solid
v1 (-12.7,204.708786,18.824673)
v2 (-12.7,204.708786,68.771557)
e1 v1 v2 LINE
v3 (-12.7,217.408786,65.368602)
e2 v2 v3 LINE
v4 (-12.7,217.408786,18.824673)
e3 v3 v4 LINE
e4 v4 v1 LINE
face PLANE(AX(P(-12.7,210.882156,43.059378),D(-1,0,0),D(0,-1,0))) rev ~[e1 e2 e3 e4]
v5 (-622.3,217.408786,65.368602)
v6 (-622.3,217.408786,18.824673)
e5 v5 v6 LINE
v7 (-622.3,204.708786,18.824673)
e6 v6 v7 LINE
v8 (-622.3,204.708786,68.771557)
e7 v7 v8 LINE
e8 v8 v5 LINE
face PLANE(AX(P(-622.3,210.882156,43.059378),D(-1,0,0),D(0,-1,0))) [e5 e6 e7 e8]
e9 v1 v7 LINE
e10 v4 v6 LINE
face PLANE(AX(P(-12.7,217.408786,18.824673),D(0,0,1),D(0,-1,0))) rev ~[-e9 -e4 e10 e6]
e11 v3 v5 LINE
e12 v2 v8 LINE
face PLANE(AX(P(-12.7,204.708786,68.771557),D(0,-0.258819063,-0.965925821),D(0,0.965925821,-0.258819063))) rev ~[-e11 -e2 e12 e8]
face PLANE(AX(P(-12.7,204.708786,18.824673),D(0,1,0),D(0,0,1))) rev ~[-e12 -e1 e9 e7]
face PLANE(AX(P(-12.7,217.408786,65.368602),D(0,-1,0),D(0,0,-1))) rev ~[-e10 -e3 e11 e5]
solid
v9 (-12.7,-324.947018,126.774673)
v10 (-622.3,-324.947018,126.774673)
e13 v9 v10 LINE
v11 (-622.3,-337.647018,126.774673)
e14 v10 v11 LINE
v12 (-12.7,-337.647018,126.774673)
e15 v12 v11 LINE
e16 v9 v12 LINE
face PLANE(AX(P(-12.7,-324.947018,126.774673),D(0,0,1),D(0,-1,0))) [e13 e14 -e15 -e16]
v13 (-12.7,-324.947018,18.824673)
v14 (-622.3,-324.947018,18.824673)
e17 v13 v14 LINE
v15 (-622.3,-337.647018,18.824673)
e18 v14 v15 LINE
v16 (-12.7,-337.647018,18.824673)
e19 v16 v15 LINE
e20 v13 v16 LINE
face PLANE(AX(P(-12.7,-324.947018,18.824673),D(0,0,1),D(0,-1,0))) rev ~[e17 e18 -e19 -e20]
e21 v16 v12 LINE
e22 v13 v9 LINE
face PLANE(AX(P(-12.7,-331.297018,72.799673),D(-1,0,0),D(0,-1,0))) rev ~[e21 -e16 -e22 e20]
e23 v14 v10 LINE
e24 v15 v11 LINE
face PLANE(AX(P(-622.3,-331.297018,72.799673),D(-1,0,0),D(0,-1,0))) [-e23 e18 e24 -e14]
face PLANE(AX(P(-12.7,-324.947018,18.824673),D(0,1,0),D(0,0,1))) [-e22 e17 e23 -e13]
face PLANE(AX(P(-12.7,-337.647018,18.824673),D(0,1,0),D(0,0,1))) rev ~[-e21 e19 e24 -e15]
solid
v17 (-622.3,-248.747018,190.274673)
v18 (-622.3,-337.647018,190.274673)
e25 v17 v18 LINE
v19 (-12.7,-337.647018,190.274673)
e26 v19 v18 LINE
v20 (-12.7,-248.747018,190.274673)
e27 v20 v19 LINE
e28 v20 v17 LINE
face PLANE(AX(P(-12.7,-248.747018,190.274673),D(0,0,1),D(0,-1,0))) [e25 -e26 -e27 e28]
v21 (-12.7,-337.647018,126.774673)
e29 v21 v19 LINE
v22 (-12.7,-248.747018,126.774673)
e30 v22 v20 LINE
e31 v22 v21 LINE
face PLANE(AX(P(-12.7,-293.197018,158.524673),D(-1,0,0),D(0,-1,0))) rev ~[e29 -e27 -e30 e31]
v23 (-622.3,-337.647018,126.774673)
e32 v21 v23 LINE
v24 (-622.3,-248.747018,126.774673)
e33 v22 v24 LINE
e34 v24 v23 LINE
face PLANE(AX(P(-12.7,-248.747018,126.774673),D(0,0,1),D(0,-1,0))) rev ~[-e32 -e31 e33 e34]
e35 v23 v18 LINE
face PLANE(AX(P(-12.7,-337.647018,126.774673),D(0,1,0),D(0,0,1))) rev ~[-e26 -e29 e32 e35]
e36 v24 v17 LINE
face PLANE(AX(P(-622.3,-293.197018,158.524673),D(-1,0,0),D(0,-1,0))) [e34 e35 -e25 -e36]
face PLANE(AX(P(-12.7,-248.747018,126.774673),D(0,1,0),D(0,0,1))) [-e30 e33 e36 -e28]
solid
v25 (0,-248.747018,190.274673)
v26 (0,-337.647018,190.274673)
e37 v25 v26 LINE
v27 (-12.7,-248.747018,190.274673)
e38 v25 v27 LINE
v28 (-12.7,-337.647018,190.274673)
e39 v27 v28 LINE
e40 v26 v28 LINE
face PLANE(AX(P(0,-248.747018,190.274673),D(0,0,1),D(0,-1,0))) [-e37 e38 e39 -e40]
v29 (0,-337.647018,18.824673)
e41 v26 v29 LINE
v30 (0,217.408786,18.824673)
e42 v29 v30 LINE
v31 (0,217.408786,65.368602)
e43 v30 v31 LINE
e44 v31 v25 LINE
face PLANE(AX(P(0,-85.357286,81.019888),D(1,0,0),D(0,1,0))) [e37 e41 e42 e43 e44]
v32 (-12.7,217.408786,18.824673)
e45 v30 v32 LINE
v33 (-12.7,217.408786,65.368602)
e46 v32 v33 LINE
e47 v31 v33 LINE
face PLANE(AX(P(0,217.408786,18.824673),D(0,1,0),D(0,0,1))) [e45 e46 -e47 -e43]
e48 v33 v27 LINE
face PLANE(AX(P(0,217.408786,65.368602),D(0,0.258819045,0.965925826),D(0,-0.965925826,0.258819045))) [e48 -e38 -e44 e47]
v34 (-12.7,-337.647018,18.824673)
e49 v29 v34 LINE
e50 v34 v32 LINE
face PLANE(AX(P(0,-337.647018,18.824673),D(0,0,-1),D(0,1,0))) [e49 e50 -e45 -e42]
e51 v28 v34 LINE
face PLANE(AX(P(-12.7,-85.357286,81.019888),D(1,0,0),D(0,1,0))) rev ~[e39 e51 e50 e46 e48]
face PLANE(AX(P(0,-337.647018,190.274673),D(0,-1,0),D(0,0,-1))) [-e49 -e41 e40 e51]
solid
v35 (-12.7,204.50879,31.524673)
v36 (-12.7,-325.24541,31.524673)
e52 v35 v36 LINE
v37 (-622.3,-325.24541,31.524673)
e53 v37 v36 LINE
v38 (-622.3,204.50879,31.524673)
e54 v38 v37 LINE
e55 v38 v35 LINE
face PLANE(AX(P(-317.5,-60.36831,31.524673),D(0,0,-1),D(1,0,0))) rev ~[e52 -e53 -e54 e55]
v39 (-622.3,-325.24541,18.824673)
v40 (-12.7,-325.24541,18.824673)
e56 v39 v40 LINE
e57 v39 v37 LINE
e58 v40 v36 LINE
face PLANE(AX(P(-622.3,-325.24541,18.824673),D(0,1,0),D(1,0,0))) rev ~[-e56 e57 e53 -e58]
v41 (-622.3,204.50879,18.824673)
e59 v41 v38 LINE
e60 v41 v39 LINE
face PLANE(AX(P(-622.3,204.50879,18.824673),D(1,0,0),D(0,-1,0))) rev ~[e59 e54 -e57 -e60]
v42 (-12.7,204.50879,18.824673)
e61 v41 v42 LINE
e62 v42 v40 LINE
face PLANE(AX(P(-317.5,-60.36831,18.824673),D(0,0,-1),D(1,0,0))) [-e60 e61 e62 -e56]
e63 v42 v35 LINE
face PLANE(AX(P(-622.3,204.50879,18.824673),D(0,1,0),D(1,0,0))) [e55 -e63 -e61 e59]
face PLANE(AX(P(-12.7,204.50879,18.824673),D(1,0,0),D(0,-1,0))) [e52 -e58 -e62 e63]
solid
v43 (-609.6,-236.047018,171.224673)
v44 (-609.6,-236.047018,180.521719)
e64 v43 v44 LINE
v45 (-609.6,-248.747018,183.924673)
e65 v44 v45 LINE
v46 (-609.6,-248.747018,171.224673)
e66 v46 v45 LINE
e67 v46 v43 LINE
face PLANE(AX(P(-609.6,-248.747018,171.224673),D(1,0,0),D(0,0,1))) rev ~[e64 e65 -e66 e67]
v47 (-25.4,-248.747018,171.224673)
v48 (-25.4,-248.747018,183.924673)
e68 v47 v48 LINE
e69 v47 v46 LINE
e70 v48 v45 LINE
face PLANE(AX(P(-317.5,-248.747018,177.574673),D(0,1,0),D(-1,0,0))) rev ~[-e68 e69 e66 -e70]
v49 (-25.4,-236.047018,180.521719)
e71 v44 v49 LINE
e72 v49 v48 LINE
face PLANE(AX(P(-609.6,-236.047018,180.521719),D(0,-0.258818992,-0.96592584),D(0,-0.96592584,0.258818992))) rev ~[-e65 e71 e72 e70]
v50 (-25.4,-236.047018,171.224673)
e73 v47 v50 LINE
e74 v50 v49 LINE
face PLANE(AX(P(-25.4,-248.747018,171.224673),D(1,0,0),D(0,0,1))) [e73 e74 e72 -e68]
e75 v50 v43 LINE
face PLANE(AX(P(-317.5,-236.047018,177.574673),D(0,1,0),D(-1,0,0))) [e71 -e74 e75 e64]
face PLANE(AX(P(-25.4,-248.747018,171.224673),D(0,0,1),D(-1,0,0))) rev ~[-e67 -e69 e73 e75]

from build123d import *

# Parameters (mm, degrees)
F1_DEPTH  = 12.7
F3_DEPTH  = 609.6
F4_W      = 88.9
F4_H      = 63.5
F5_DEPTH  = 609.6
F6_W      = 12.7
F6_H      = 107.95
F7_DEPTH  = 609.6
F8_W      = 609.6
F8_H      = 529.7542
F9_DEPTH  = 12.7
F10_W     = 584.2
F10_H     = 12.7
F11_DEPTH = 12.7
F13_DEPTH = 584.2


with BuildPart() as f1:
    # F0 (on Right) → F1 (new body)
    with BuildSketch(Plane.YZ):
        Polygon((-337.647018, 18.824673), (217.408786, 18.824673), (217.408786, 65.368602), (-248.747018, 190.274673), (-337.647018, 190.274673), align=None)
    extrude(amount=-F1_DEPTH)


with BuildPart() as f3:
    # F2 (on face) → F3 (new body)
    with BuildSketch(Plane(origin=(-12.7, 0, 0), x_dir=(0, -1, 0), z_dir=(-1, 0, 0))):
        Polygon((-217.408786, 65.368602), (-217.408786, 18.824673), (-204.708786, 18.824673), (-204.708786, 68.771557), align=None)
    extrude(amount=F3_DEPTH)


with BuildPart() as f5:
    # F4 (on face) → F5 (new body)
    with BuildSketch(Plane(origin=(-12.7, 0, 0), x_dir=(0, -1, 0), z_dir=(-1, 0, 0))):
        with Locations((293.197018, 158.524673)):
            Rectangle(F4_W, F4_H)
    extrude(amount=F5_DEPTH)


with BuildPart() as f7:
    # F6 (on face) → F7 (new body)
    with BuildSketch(Plane(origin=(-12.7, 0, 0), x_dir=(0, -1, 0), z_dir=(-1, 0, 0))):
        with Locations((331.297018, 72.799673)):
            Rectangle(F6_W, F6_H)
    extrude(amount=F7_DEPTH)


with BuildPart() as f9:
    # F8 (on face) → F9 (new body)
    with BuildSketch(Plane(origin=(0, 0, 18.824673), x_dir=(1, 0, 0), z_dir=(0, 0, -1))):
        with Locations((-317.5, 60.36831)):
            Rectangle(F8_W, F8_H)
    extrude(amount=-F9_DEPTH)


with BuildPart() as f11:
    # F10 (on face) → F11 (new body)
    with BuildSketch(Plane(origin=(0, -248.747018, 0), x_dir=(-1, 0, 0), z_dir=(0, 1, 0))):
        with Locations((317.5, 177.574673)):
            Rectangle(F10_W, F10_H)
    extrude(amount=F11_DEPTH)

    # F12 (on face) → F13 (cut, through all)
    with BuildSketch(Plane(origin=(-609.6, 0, 0), x_dir=(0, -1, 0), z_dir=(-1, 0, 0))):
        Polygon((236.047018, 180.521719), (248.747018, 183.924673), (236.047018, 183.924673), align=None)
    extrude(amount=-F13_DEPTH, mode=Mode.SUBTRACT)


solid = Compound([f1.part, f3.part, f5.part, f7.part, f9.part, f11.part])
